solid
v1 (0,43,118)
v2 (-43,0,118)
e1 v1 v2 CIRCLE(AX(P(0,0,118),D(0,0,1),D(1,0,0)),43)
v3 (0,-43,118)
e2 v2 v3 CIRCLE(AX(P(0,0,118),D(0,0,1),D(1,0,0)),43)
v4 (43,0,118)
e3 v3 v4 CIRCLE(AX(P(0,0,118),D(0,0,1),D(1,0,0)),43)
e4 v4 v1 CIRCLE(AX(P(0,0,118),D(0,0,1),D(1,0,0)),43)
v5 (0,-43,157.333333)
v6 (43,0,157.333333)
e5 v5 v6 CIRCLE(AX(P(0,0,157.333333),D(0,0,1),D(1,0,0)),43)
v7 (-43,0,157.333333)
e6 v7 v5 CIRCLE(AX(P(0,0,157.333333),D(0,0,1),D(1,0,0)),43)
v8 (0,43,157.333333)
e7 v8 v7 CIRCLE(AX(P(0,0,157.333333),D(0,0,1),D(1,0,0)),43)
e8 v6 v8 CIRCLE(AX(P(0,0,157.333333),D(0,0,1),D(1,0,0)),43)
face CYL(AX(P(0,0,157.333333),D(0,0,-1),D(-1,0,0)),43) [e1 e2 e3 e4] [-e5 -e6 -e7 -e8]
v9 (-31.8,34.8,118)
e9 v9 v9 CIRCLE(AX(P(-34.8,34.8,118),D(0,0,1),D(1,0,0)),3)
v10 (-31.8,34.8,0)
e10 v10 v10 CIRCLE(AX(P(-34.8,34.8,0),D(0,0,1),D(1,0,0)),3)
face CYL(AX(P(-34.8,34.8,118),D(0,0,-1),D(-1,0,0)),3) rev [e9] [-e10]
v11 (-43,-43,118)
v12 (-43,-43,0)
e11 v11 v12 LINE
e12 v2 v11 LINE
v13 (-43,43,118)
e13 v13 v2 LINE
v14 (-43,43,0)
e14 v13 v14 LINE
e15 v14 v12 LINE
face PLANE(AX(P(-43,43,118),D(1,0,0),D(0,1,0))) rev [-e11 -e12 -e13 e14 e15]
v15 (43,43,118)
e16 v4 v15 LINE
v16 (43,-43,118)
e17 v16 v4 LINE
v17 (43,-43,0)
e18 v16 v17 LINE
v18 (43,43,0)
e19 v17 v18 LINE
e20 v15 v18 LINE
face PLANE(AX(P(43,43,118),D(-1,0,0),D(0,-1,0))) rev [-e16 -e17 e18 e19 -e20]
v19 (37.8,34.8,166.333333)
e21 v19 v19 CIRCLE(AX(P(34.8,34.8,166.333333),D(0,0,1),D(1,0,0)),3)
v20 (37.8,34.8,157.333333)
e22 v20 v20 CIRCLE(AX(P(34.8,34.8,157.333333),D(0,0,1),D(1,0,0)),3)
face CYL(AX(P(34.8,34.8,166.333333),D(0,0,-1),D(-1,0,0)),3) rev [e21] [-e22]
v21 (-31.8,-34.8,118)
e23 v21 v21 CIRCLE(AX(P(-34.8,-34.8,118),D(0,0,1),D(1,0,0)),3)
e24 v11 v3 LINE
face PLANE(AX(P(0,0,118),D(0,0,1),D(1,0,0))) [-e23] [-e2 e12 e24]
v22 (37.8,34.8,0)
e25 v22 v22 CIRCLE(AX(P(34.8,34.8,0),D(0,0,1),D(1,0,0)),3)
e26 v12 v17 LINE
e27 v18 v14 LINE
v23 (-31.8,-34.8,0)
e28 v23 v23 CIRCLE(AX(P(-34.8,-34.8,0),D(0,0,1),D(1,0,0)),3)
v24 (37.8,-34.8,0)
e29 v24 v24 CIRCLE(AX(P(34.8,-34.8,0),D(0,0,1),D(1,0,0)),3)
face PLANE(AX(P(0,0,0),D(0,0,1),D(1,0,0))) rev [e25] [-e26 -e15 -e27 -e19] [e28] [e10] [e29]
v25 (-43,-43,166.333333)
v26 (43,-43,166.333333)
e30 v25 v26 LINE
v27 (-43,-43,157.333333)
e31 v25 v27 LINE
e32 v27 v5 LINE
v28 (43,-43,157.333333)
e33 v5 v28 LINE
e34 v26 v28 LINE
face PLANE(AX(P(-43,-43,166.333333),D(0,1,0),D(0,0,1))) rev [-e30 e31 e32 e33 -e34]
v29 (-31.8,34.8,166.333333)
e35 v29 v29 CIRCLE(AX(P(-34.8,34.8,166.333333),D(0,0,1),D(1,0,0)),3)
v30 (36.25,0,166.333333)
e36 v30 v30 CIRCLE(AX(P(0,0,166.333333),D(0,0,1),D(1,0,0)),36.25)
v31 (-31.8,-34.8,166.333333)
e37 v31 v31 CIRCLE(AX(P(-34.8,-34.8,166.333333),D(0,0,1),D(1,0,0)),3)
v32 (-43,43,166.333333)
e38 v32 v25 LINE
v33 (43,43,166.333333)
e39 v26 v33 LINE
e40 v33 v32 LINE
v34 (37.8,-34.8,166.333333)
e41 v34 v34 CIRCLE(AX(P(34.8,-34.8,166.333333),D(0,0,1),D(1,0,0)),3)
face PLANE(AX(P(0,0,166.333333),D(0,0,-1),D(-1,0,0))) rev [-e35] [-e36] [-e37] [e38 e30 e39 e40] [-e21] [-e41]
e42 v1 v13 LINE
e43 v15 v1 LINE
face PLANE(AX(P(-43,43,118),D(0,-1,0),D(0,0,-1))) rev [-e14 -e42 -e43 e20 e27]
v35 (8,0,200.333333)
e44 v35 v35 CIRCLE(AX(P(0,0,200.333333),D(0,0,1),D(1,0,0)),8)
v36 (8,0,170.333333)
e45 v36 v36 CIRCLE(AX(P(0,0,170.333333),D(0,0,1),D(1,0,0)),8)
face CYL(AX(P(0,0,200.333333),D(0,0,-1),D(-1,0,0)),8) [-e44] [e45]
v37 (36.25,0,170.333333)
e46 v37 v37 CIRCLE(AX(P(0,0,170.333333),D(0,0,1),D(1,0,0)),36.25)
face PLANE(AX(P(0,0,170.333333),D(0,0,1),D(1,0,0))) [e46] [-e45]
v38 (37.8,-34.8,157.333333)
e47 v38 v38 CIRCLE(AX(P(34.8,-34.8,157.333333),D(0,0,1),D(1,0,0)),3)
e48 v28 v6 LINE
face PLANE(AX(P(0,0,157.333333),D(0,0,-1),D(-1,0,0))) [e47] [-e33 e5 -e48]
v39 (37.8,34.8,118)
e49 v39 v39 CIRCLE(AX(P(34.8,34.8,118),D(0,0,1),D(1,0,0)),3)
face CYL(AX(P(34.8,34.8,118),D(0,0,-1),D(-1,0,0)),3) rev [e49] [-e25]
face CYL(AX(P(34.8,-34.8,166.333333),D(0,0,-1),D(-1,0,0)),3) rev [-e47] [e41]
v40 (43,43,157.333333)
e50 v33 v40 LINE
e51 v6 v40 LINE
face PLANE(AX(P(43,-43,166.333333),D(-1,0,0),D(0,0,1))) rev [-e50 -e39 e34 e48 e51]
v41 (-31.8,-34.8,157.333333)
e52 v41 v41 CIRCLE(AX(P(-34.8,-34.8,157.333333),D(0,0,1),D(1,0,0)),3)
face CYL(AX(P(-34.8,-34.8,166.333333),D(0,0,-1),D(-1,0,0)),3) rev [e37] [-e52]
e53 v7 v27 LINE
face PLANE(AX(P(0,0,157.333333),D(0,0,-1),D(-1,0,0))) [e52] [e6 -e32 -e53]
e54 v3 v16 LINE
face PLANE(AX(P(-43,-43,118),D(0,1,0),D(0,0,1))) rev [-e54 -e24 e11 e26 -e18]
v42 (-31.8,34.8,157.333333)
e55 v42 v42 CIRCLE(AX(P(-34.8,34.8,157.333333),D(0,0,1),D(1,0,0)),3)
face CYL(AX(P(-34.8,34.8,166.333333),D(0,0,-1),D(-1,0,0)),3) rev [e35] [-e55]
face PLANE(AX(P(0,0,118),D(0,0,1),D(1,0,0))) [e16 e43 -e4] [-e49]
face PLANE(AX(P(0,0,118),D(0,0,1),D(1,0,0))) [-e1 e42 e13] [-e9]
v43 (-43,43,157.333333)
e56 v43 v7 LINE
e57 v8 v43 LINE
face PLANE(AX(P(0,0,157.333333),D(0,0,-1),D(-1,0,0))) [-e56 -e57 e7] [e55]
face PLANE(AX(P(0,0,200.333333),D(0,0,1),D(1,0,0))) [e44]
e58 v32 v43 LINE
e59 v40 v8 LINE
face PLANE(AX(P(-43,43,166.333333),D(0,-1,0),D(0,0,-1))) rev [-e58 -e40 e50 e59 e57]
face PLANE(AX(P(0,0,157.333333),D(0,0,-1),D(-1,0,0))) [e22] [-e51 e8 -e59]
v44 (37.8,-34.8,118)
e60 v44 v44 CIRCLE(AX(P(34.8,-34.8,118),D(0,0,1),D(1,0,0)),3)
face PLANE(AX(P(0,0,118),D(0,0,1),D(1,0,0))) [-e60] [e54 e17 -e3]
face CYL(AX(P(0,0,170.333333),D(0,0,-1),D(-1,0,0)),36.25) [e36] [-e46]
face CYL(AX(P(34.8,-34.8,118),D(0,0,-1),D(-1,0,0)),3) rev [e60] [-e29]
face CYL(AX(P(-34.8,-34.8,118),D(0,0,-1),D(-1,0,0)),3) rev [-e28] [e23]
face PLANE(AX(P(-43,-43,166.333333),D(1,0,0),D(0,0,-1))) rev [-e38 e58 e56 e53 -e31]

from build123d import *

# Parameters (mm, degrees)
SKETCH_1_W      = 86
SKETCH_1_H      = 86
SKETCH_1_R      = 3
EXTRUDE_1_DEPTH = 118
SKETCH_2_R      = 43
EXTRUDE_2_DEPTH = 39.333333333
SKETCH_3_W      = 86
SKETCH_3_H      = 86
SKETCH_3_R      = 3
EXTRUDE_3_DEPTH = 9
SKETCH_4_R      = 36.25
EXTRUDE_4_DEPTH = 4
SKETCH_5_R      = 8
EXTRUDE_5_DEPTH = 30


with BuildPart() as part:
    # 草图1 → 凸台-拉伸1 (new body)
    with BuildSketch(Plane.XY):
        Rectangle(SKETCH_1_W, SKETCH_1_H)
        with Locations((-34.8, 34.8)):
            Circle(SKETCH_1_R, mode=Mode.SUBTRACT)
        with Locations((34.8, 34.8)):
            Circle(SKETCH_1_R, mode=Mode.SUBTRACT)
        with Locations((34.8, -34.8)):
            Circle(SKETCH_1_R, mode=Mode.SUBTRACT)
        with Locations((-34.8, -34.8)):
            Circle(SKETCH_1_R, mode=Mode.SUBTRACT)
    extrude(amount=EXTRUDE_1_DEPTH)

    # 草图2 → 凸台-拉伸2 (add)
    with BuildSketch(Plane.XY.offset(118)):
        Circle(SKETCH_2_R)
    extrude(amount=EXTRUDE_2_DEPTH)

    # 草图3 → 凸台-拉伸3 (add)
    with BuildSketch(Plane.XY.offset(157.333333333)):
        Rectangle(SKETCH_3_W, SKETCH_3_H)
        with Locations((-34.8, 34.8)):
            Circle(SKETCH_3_R, mode=Mode.SUBTRACT)
        with Locations((34.8, 34.8)):
            Circle(SKETCH_3_R, mode=Mode.SUBTRACT)
        with Locations((34.8, -34.8)):
            Circle(SKETCH_3_R, mode=Mode.SUBTRACT)
        with Locations((-34.8, -34.8)):
            Circle(SKETCH_3_R, mode=Mode.SUBTRACT)
    extrude(amount=EXTRUDE_3_DEPTH)

    # 草图4 → 凸台-拉伸4 (add)
    with BuildSketch(Plane.XY.offset(166.333333333)):
        Circle(SKETCH_4_R)
    extrude(amount=EXTRUDE_4_DEPTH)

    # 草图5 → 凸台-拉伸5 (add)
    with BuildSketch(Plane.XY.offset(170.333333333)):
        Circle(SKETCH_5_R)
    extrude(amount=EXTRUDE_5_DEPTH)


solid = part.part
